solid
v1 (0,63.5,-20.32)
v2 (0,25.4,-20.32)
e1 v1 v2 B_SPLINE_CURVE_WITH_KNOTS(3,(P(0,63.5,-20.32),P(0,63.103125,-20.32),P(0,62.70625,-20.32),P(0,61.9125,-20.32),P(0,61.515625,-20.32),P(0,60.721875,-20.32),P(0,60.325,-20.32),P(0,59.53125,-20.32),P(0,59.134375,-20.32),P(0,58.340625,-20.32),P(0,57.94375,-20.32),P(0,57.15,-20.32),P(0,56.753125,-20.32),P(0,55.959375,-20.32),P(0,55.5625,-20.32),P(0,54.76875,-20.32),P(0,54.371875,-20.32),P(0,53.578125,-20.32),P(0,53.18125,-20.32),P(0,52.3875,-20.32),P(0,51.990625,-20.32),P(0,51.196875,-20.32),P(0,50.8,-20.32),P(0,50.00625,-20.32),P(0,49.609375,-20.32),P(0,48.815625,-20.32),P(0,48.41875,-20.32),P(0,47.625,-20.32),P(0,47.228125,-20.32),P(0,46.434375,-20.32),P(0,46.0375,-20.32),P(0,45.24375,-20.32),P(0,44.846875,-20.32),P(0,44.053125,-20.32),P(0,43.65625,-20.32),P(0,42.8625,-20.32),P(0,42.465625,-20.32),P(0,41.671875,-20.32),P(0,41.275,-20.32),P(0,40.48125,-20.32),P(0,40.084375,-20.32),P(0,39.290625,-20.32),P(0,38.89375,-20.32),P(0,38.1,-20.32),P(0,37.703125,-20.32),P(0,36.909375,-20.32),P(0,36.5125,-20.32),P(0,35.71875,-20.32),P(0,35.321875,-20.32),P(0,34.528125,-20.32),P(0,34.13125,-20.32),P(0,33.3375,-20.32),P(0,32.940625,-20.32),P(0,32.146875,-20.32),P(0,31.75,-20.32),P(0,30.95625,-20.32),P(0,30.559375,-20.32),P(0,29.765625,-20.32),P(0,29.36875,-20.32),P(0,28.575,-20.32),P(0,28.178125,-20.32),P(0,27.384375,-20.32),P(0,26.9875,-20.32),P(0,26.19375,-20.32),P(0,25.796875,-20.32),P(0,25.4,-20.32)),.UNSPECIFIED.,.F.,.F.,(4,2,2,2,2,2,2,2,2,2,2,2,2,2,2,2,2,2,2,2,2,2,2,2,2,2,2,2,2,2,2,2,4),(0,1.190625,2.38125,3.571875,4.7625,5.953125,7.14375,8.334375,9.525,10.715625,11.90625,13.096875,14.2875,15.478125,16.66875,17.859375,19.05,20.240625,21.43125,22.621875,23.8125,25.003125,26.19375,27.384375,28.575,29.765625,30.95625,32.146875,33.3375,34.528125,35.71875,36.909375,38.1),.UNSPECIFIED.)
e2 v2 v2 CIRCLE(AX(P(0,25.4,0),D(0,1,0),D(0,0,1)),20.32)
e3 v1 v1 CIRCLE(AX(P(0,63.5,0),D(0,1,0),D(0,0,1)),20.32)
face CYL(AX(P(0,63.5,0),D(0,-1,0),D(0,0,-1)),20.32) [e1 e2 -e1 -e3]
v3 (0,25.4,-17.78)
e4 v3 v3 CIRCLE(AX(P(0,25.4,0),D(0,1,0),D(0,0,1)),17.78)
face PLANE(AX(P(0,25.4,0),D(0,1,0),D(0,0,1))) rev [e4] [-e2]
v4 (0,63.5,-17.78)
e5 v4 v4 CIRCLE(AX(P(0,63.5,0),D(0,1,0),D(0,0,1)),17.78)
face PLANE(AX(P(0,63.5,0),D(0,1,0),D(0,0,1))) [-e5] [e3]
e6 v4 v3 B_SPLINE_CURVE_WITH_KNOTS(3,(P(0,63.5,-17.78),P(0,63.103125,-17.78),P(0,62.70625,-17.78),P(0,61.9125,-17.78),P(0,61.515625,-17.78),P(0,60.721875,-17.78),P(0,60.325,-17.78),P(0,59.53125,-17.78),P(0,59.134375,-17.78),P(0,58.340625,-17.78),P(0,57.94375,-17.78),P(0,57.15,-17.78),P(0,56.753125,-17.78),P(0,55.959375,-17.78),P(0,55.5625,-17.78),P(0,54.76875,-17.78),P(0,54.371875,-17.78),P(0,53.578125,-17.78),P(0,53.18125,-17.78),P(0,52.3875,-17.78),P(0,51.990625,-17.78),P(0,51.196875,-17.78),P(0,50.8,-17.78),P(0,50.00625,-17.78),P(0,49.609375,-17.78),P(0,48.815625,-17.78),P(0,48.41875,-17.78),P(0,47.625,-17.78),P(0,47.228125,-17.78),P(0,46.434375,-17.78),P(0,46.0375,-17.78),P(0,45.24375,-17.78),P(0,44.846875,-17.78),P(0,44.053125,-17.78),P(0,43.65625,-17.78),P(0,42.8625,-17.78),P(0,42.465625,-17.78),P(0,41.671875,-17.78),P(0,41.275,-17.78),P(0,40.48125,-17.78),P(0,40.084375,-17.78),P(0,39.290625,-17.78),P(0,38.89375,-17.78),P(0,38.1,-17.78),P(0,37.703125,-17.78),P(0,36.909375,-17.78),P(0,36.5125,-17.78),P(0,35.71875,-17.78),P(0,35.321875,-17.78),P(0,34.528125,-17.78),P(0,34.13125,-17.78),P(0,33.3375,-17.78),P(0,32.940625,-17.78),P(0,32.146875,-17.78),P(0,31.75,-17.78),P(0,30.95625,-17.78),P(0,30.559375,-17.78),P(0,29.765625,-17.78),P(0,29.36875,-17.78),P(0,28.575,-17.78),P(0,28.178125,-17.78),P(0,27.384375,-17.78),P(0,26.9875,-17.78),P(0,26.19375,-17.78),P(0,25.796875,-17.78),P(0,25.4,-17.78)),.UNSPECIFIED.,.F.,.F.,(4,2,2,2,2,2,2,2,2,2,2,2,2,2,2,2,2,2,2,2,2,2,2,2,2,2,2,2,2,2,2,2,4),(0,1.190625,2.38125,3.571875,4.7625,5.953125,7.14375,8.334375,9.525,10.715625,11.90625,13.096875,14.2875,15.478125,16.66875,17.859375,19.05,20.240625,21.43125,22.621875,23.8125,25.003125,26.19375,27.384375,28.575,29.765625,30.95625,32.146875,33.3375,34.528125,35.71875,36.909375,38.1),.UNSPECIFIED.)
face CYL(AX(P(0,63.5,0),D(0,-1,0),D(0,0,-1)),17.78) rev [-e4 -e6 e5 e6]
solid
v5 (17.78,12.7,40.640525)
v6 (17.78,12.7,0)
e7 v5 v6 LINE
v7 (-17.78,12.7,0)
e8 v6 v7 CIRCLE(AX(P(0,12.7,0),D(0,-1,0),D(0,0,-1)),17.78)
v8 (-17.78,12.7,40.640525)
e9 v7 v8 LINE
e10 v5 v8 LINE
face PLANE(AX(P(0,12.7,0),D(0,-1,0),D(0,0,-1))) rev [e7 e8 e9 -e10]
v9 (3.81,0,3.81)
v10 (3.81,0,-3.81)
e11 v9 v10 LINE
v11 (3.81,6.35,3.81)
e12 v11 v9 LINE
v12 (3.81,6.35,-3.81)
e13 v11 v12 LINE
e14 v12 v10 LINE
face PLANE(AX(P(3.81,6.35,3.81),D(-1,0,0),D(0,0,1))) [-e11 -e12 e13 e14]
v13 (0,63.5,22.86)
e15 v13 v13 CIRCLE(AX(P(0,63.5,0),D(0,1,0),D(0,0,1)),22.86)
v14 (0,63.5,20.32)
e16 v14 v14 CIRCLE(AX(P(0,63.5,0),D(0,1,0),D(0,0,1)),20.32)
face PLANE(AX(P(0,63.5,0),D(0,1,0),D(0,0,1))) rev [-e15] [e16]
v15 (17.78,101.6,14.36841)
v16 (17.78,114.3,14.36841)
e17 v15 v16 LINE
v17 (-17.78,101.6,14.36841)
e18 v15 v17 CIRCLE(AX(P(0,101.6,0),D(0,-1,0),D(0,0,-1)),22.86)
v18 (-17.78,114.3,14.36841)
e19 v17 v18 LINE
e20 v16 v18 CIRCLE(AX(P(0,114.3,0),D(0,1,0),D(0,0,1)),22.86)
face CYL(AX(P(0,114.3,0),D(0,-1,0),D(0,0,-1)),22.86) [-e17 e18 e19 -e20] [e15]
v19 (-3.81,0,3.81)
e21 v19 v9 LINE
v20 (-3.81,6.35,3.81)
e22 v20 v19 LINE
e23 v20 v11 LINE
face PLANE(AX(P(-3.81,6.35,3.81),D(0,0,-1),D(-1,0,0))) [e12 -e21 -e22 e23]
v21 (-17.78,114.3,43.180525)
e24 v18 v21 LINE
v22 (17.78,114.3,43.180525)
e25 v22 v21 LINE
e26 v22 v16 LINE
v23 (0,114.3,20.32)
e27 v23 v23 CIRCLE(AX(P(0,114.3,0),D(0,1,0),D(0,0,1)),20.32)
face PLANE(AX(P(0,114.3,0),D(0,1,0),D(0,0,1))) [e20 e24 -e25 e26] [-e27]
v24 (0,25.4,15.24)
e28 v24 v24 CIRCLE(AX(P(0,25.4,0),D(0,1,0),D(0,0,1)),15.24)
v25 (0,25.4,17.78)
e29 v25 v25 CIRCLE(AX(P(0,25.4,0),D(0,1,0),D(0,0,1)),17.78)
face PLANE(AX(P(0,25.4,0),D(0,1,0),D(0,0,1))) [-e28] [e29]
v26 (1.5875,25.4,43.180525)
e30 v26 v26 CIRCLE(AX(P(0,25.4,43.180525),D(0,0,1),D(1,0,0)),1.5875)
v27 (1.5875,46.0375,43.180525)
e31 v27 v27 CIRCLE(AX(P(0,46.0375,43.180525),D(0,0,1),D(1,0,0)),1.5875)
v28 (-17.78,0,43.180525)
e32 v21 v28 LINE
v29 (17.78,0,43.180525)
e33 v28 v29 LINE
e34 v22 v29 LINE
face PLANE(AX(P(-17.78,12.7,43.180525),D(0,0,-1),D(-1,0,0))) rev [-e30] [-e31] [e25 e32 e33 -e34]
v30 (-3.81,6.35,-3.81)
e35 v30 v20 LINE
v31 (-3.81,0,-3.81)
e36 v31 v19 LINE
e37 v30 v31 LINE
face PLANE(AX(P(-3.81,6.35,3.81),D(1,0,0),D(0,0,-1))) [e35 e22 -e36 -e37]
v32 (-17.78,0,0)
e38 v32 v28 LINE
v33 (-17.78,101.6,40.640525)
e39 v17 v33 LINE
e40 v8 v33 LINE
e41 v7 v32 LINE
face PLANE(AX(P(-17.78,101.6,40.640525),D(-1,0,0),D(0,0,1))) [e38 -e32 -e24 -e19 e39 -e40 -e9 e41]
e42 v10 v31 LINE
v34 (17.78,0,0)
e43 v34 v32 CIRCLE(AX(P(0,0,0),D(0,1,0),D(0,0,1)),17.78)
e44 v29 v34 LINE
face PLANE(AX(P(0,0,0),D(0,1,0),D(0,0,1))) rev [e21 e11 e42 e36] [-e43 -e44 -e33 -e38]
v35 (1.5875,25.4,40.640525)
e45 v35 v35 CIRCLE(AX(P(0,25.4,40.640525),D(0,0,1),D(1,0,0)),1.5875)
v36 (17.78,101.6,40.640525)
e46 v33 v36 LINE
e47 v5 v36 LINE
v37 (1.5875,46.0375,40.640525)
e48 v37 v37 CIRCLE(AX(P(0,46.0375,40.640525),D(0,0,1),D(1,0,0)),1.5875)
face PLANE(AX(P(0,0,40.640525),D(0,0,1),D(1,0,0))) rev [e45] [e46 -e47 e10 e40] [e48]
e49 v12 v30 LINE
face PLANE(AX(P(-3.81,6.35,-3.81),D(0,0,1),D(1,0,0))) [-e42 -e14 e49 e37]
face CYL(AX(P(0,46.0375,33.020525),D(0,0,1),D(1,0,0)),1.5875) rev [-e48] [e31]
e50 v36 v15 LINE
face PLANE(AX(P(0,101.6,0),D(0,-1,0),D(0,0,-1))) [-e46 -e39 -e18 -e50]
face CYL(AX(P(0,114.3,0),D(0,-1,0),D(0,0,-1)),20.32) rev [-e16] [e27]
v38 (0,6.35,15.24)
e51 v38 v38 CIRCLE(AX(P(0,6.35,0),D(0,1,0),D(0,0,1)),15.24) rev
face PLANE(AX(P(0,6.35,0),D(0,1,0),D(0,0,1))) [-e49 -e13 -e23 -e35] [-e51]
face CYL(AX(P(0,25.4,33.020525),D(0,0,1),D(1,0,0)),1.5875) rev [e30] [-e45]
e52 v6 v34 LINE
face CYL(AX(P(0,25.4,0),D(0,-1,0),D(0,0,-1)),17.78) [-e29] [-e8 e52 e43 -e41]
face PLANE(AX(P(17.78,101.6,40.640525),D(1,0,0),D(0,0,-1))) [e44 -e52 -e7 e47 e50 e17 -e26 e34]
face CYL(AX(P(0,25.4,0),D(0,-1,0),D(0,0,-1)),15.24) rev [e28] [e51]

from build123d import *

# Parameters (mm, degrees)
SKETCH1_R           = 15.24
SKETCH1_W           = 7.62
SKETCH1_H           = 7.62
BOSS_EXTRUDE1_DEPTH = 6.35
SKETCH2_R           = 17.78
SKETCH2_R_2         = 15.24
BOSS_EXTRUDE2_DEPTH = 25.4
SKETCH5_R           = 20.32
SKETCH5_R_2         = 17.78
BOSS_EXTRUDE3_DEPTH = 38.1
SKETCH6_R           = 22.86
SKETCH6_R_2         = 20.32
BOSS_EXTRUDE4_DEPTH = 50.8
BOSS_EXTRUDE5_DEPTH = 12.7
BOSS_EXTRUDE6_DEPTH = 2.54
BOSS_EXTRUDE7_DEPTH = 12.7
SKETCH13_R          = 1.5875
CUT_EXTRUDE1_DEPTH  = 10.16


with BuildPart() as part:
    # Sketch1 → Boss-Extrude1 (new body)
    with BuildSketch(Plane(origin=(0, 0, 0), x_dir=(1, 0, 0), z_dir=(0, 1, 0))):
        with Locations(Location((0, 0, 0), (0, 0, 270))):
            Circle(SKETCH1_R)
        Rectangle(SKETCH1_W, SKETCH1_H, mode=Mode.SUBTRACT)
    extrude(amount=BOSS_EXTRUDE1_DEPTH)

    # Sketch2 → Boss-Extrude2 (add)
    with BuildSketch(Plane(origin=(0, 0, 0), x_dir=(1, 0, 0), z_dir=(0, 1, 0))):
        with Locations(Location((0, 0, 0), (0, 0, 270))):
            Circle(SKETCH2_R)
        with Locations(Location((0, 0, 0), (0, 0, 270))):
            Circle(SKETCH2_R_2, mode=Mode.SUBTRACT)
    extrude(amount=BOSS_EXTRUDE2_DEPTH)

    # Sketch7 → Boss-Extrude5 (add)
    with BuildSketch(Plane(origin=(0, 0, 0), x_dir=(1, 0, 0), z_dir=(0, 1, 0))):
        with BuildLine():
            Line((-17.78, -43.180524941), (17.78, -43.180524941))
            Line((17.78, -43.180524941), (17.78, 0))
            ThreePointArc((17.78, 0), (0, -17.78), (-17.78, 0))
            Line((-17.78, 0), (-17.78, -43.180524941))
        make_face()
    extrude(amount=BOSS_EXTRUDE5_DEPTH)

    # Sketch9 → Boss-Extrude6 (add)
    with BuildSketch(Plane.XY.offset(43.180524941)):
        Polygon((-17.78, 12.7), (-17.78, 114.3), (17.78, 114.3), (17.78, 12.7), (17.78, 0), (-17.78, 0), align=None)
    extrude(amount=-BOSS_EXTRUDE6_DEPTH)



with BuildPart() as body_2:
    # Sketch5 → Boss-Extrude3 (new body)
    with BuildSketch(Plane(origin=(0, 25.4, 0), x_dir=(1, 0, 0), z_dir=(0, 1, 0))):
        with Locations(Location((0, 0, 0), (0, 0, 90))):
            Circle(SKETCH5_R)
        with Locations(Location((0, 0, 0), (0, 0, 90))):
            Circle(SKETCH5_R_2, mode=Mode.SUBTRACT)
    extrude(amount=BOSS_EXTRUDE3_DEPTH)


with BuildPart() as body_3:
    # Sketch6 → Boss-Extrude4 (new body)
    with BuildSketch(Plane(origin=(0, 63.5, 0), x_dir=(1, 0, 0), z_dir=(0, 1, 0))):
        with Locations(Location((0, 0, 0), (0, 0, 270))):
            Circle(SKETCH6_R)
        with Locations(Location((0, 0, 0), (0, 0, 270))):
            Circle(SKETCH6_R_2, mode=Mode.SUBTRACT)
    extrude(amount=BOSS_EXTRUDE4_DEPTH)


with BuildPart() as part_1:
    add(part.part)

    add(body_3.part)  # Boss-Extrude7 merges body 3
    # Sketch10 → Boss-Extrude7 (add)
    with BuildSketch(Plane(origin=(0, 114.3, 0), x_dir=(1, 0, 0), z_dir=(0, 1, 0))):
        with BuildLine():
            Line((-17.78, -40.640524941), (-17.78, -14.368409794))
            ThreePointArc((-17.78, -14.368409794), (0, -22.86), (17.78, -14.368409794))
            Line((17.78, -14.368409794), (17.78, -40.640524941))
            Line((17.78, -40.640524941), (-17.78, -40.640524941))
        make_face()
    extrude(amount=-BOSS_EXTRUDE7_DEPTH)

    # Sketch13 → Cut-Extrude1 (cut)
    with BuildSketch(Plane.XY.offset(43.180524941)):
        with Locations((0, 25.4)):
            Circle(SKETCH13_R)
        with Locations((0, 46.0375)):
            Circle(SKETCH13_R)
    extrude(amount=-CUT_EXTRUDE1_DEPTH, mode=Mode.SUBTRACT)


solid = Compound([body_2.part, part_1.part])
